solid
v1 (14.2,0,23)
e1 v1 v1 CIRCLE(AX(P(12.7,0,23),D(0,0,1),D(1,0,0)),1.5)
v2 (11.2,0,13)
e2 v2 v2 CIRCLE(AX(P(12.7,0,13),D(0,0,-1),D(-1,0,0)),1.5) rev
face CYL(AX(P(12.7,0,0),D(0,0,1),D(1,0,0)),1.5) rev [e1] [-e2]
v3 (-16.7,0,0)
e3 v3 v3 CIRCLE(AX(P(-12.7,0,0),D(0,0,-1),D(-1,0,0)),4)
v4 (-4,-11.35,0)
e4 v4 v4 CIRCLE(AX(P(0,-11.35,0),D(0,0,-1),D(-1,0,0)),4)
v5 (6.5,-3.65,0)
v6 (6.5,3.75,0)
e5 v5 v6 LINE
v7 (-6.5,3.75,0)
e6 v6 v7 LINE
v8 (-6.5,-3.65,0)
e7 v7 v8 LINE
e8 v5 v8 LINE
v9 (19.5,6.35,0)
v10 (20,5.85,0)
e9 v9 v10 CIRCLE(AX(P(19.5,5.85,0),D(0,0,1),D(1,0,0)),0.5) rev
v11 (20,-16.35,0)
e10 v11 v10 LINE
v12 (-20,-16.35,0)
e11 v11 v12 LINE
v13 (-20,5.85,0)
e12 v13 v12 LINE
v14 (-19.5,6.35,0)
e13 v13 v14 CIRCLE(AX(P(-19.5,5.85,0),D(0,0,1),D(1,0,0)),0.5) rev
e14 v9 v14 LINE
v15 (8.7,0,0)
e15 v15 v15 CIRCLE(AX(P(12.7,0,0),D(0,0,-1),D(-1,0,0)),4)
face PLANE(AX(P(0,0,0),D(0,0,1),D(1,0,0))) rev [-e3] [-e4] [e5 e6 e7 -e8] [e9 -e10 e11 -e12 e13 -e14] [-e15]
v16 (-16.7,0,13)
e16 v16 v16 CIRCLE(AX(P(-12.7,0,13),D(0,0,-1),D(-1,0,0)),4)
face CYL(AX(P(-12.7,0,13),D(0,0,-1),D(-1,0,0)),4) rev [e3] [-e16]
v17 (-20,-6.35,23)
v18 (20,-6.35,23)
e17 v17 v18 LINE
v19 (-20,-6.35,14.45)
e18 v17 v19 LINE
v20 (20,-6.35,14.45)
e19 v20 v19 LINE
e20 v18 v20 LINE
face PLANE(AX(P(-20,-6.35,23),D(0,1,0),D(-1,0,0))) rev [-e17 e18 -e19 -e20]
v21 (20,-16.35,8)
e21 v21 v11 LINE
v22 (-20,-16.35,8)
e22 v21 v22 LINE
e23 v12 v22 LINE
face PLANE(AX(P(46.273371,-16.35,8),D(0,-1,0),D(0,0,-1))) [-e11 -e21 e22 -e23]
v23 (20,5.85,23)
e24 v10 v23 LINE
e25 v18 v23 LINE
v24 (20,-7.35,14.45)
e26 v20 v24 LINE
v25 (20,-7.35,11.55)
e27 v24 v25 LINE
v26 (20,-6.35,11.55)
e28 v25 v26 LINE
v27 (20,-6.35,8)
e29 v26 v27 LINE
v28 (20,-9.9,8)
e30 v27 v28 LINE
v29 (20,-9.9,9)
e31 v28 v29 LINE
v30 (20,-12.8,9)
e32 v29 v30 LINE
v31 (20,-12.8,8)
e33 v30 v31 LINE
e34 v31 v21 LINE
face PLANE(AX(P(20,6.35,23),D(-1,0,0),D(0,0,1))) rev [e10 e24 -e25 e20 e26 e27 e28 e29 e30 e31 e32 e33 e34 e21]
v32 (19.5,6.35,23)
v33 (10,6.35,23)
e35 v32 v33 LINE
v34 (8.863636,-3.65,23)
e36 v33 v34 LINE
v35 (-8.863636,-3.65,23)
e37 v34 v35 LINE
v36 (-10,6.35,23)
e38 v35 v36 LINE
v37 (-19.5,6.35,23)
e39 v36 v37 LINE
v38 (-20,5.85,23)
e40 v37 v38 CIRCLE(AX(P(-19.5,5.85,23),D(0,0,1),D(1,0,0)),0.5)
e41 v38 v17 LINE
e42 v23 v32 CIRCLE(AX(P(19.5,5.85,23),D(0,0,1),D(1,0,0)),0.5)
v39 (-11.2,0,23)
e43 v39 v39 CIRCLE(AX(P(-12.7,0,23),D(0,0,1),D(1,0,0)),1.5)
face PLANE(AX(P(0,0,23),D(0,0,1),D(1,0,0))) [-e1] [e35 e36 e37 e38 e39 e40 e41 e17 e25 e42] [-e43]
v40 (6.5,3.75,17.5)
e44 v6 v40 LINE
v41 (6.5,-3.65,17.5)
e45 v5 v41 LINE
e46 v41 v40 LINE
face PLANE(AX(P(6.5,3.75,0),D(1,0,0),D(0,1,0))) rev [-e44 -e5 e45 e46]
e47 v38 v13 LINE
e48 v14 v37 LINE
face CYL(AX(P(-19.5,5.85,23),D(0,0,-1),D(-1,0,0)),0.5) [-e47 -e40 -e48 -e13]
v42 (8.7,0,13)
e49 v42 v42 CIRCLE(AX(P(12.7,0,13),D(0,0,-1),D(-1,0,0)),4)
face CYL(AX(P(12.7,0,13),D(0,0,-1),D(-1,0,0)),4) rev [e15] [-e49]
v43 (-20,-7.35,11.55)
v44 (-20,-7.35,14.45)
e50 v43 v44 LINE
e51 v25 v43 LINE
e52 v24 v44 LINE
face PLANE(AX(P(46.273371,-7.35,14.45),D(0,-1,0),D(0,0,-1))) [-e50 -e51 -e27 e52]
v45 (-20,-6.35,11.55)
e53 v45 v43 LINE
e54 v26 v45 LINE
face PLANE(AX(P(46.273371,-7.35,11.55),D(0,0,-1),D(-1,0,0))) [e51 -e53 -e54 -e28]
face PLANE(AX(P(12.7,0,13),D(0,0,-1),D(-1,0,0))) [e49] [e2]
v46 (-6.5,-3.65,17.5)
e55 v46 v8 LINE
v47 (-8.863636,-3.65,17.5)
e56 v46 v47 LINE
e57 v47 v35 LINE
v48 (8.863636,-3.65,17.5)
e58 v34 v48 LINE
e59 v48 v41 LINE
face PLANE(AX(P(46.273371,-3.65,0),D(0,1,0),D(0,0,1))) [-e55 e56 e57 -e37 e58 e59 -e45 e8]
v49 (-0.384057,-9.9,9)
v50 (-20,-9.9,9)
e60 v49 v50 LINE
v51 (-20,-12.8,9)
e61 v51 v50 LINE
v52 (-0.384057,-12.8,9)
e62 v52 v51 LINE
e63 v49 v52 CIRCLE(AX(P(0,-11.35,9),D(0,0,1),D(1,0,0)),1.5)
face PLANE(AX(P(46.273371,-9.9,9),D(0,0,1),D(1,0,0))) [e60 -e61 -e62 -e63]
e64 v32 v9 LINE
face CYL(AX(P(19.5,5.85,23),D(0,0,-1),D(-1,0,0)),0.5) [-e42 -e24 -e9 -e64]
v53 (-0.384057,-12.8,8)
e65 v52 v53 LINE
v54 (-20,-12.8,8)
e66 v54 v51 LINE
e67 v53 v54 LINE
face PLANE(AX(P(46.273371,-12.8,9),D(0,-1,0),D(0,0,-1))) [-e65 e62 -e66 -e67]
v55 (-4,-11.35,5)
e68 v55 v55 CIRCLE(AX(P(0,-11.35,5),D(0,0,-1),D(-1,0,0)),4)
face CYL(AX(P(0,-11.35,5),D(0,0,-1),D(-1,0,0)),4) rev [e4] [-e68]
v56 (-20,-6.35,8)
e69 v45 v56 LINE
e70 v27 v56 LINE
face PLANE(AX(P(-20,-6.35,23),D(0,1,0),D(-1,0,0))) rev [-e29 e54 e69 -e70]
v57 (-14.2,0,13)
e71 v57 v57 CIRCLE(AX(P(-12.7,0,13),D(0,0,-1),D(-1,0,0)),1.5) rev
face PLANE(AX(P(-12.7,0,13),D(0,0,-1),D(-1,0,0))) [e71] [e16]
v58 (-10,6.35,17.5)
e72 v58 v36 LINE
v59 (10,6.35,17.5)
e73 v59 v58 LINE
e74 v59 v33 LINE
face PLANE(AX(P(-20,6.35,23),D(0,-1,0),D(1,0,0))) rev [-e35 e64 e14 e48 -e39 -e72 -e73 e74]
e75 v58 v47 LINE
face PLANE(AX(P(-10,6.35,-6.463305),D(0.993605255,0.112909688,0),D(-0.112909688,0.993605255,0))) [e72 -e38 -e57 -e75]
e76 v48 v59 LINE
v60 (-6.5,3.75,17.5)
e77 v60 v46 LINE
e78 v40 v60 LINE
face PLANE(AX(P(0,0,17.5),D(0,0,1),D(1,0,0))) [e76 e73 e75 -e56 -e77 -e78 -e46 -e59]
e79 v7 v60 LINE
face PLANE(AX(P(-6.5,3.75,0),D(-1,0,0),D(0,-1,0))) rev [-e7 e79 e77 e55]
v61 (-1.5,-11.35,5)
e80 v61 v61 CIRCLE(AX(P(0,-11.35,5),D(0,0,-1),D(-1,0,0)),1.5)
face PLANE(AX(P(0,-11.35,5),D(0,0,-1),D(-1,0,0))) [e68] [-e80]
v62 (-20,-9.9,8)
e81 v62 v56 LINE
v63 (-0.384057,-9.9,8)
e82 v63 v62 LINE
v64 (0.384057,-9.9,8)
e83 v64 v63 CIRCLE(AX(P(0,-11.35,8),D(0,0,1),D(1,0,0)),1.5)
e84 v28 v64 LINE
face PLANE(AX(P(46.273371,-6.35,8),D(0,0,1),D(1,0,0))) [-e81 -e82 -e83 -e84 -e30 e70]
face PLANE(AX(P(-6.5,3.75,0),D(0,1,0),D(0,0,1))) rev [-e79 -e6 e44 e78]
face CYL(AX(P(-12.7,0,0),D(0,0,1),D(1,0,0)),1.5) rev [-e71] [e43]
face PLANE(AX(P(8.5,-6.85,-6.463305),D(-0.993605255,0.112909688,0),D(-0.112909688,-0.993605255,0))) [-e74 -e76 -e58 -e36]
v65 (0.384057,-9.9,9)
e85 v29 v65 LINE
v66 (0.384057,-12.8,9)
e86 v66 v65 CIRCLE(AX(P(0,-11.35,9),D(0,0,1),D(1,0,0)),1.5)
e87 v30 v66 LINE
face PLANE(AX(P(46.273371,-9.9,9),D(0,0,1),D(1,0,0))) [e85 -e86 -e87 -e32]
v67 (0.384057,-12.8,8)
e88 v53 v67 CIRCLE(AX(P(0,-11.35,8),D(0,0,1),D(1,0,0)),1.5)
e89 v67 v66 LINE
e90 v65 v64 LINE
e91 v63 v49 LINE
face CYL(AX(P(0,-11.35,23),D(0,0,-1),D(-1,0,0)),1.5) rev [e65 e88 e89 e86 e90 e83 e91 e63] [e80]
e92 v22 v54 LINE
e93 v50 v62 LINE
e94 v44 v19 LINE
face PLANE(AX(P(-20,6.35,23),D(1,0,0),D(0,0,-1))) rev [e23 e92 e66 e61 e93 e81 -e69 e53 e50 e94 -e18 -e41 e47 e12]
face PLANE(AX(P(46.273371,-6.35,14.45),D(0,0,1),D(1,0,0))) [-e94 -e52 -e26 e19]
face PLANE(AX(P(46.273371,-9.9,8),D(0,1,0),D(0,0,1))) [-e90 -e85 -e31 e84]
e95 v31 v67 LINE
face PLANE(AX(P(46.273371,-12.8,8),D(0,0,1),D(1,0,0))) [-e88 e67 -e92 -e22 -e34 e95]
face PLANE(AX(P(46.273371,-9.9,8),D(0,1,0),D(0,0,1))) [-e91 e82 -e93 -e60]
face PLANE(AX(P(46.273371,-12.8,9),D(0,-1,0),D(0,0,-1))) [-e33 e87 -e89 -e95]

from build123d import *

# Parameters (mm, degrees)
ESQUISSE1_W              = 40
ESQUISSE1_H              = 12.7
BOSS_EXTRU_1_DEPTH       = 23
CONG_1_R                 = 0.5
ESQUISSE2_R              = 1.5
ENL_V_MAT_EXTRU_1_DEPTH  = 24
ENL_V_MAT_EXTRU_2_DEPTH  = 5.5
ESQUISSE5_W              = 13
ESQUISSE5_H              = 8
ENL_V_MAT_EXTRU_3_DEPTH  = 18.5
BOSS_EXTRU_8_DEPTH       = 40
ESQUISSE16_R             = 4
ENL_V_MAT_EXTRU_10_DEPTH = 13
ESQUISSE18_R             = 4
ENL_V_MAT_EXTRU_11_DEPTH = 5
ESQUISSE19_R             = 1.5
ENL_V_MAT_EXTRU_12_DEPTH = 19


with BuildPart() as part:
    # Esquisse1 → Boss.-Extru.1 (new body)
    with BuildSketch(Plane.XY):
        Rectangle(ESQUISSE1_W, ESQUISSE1_H)
    extrude(amount=BOSS_EXTRU_1_DEPTH)

    # Congé1
    cong_1_edges = [part.edges().sort_by_distance(p)[0] for p in [
        (-20, 6.35, 11.5),
        (20, 6.35, 11.5),
    ]]
    fillet(cong_1_edges, radius=CONG_1_R)

    # Esquisse2 → Enlèv. mat.-Extru.1 (cut, through all)
    with BuildSketch(Plane.XY.offset(23)):
        with Locations((-12.7, 0)):
            Circle(ESQUISSE2_R)
        with Locations((12.7, 0)):
            Circle(ESQUISSE2_R)
    extrude(amount=-ENL_V_MAT_EXTRU_1_DEPTH, mode=Mode.SUBTRACT)

    # Esquisse4 → Enlèv. mat.-Extru.2 (cut)
    with BuildSketch(Plane(origin=(0, 0, 23), x_dir=(-1, 0, 0), z_dir=(0, 0, -1))):
        Polygon((-10, 6.35), (10, 6.35), (8.5, -6.85), (-8.5, -6.85), align=None)
    extrude(amount=ENL_V_MAT_EXTRU_2_DEPTH, mode=Mode.SUBTRACT)

    # Esquisse5 → Enlèv. mat.-Extru.3 (cut, through all)
    with BuildSketch(Plane.XY.offset(17.5)):
        with Locations((0, -0.25)):
            Rectangle(ESQUISSE5_W, ESQUISSE5_H)
    extrude(amount=-ENL_V_MAT_EXTRU_3_DEPTH, mode=Mode.SUBTRACT)

    # Esquisse17 → Boss.-Extru.8 (add)
    with BuildSketch(Plane.ZY.offset(20)):
        Polygon((8, -16.35), (0, -16.35), (0, -3.65), (23, -3.65), (23, -6.35), (14.45, -6.35), (14.45, -7.35), (11.55, -7.35), (11.55, -6.35), (8, -6.35), (8, -9.9), (9, -9.9), (9, -12.8), (8, -12.8), align=None)
    extrude(amount=-BOSS_EXTRU_8_DEPTH)

    # Esquisse16 → Enlèv. mat.-Extru.10 (cut)
    with BuildSketch(Plane(origin=(0, 0, 0), x_dir=(-1, 0, 0), z_dir=(0, 0, -1))):
        with Locations((-12.7, 0)):
            Circle(ESQUISSE16_R)
        with Locations((12.7, 0)):
            Circle(ESQUISSE16_R)
    extrude(amount=-ENL_V_MAT_EXTRU_10_DEPTH, mode=Mode.SUBTRACT)

    # Esquisse18 → Enlèv. mat.-Extru.11 (cut)
    with BuildSketch(Plane(origin=(0, 0, 0), x_dir=(-1, 0, 0), z_dir=(0, 0, -1))):
        with Locations((0, -11.35)):
            Circle(ESQUISSE18_R)
    extrude(amount=-ENL_V_MAT_EXTRU_11_DEPTH, mode=Mode.SUBTRACT)

    # Esquisse19 → Enlèv. mat.-Extru.12 (cut, through all)
    with BuildSketch(Plane(origin=(0, 0, 5), x_dir=(-1, 0, 0), z_dir=(0, 0, -1))):
        with Locations((0, -11.35)):
            Circle(ESQUISSE19_R)
    extrude(amount=-ENL_V_MAT_EXTRU_12_DEPTH, mode=Mode.SUBTRACT)


solid = part.part
